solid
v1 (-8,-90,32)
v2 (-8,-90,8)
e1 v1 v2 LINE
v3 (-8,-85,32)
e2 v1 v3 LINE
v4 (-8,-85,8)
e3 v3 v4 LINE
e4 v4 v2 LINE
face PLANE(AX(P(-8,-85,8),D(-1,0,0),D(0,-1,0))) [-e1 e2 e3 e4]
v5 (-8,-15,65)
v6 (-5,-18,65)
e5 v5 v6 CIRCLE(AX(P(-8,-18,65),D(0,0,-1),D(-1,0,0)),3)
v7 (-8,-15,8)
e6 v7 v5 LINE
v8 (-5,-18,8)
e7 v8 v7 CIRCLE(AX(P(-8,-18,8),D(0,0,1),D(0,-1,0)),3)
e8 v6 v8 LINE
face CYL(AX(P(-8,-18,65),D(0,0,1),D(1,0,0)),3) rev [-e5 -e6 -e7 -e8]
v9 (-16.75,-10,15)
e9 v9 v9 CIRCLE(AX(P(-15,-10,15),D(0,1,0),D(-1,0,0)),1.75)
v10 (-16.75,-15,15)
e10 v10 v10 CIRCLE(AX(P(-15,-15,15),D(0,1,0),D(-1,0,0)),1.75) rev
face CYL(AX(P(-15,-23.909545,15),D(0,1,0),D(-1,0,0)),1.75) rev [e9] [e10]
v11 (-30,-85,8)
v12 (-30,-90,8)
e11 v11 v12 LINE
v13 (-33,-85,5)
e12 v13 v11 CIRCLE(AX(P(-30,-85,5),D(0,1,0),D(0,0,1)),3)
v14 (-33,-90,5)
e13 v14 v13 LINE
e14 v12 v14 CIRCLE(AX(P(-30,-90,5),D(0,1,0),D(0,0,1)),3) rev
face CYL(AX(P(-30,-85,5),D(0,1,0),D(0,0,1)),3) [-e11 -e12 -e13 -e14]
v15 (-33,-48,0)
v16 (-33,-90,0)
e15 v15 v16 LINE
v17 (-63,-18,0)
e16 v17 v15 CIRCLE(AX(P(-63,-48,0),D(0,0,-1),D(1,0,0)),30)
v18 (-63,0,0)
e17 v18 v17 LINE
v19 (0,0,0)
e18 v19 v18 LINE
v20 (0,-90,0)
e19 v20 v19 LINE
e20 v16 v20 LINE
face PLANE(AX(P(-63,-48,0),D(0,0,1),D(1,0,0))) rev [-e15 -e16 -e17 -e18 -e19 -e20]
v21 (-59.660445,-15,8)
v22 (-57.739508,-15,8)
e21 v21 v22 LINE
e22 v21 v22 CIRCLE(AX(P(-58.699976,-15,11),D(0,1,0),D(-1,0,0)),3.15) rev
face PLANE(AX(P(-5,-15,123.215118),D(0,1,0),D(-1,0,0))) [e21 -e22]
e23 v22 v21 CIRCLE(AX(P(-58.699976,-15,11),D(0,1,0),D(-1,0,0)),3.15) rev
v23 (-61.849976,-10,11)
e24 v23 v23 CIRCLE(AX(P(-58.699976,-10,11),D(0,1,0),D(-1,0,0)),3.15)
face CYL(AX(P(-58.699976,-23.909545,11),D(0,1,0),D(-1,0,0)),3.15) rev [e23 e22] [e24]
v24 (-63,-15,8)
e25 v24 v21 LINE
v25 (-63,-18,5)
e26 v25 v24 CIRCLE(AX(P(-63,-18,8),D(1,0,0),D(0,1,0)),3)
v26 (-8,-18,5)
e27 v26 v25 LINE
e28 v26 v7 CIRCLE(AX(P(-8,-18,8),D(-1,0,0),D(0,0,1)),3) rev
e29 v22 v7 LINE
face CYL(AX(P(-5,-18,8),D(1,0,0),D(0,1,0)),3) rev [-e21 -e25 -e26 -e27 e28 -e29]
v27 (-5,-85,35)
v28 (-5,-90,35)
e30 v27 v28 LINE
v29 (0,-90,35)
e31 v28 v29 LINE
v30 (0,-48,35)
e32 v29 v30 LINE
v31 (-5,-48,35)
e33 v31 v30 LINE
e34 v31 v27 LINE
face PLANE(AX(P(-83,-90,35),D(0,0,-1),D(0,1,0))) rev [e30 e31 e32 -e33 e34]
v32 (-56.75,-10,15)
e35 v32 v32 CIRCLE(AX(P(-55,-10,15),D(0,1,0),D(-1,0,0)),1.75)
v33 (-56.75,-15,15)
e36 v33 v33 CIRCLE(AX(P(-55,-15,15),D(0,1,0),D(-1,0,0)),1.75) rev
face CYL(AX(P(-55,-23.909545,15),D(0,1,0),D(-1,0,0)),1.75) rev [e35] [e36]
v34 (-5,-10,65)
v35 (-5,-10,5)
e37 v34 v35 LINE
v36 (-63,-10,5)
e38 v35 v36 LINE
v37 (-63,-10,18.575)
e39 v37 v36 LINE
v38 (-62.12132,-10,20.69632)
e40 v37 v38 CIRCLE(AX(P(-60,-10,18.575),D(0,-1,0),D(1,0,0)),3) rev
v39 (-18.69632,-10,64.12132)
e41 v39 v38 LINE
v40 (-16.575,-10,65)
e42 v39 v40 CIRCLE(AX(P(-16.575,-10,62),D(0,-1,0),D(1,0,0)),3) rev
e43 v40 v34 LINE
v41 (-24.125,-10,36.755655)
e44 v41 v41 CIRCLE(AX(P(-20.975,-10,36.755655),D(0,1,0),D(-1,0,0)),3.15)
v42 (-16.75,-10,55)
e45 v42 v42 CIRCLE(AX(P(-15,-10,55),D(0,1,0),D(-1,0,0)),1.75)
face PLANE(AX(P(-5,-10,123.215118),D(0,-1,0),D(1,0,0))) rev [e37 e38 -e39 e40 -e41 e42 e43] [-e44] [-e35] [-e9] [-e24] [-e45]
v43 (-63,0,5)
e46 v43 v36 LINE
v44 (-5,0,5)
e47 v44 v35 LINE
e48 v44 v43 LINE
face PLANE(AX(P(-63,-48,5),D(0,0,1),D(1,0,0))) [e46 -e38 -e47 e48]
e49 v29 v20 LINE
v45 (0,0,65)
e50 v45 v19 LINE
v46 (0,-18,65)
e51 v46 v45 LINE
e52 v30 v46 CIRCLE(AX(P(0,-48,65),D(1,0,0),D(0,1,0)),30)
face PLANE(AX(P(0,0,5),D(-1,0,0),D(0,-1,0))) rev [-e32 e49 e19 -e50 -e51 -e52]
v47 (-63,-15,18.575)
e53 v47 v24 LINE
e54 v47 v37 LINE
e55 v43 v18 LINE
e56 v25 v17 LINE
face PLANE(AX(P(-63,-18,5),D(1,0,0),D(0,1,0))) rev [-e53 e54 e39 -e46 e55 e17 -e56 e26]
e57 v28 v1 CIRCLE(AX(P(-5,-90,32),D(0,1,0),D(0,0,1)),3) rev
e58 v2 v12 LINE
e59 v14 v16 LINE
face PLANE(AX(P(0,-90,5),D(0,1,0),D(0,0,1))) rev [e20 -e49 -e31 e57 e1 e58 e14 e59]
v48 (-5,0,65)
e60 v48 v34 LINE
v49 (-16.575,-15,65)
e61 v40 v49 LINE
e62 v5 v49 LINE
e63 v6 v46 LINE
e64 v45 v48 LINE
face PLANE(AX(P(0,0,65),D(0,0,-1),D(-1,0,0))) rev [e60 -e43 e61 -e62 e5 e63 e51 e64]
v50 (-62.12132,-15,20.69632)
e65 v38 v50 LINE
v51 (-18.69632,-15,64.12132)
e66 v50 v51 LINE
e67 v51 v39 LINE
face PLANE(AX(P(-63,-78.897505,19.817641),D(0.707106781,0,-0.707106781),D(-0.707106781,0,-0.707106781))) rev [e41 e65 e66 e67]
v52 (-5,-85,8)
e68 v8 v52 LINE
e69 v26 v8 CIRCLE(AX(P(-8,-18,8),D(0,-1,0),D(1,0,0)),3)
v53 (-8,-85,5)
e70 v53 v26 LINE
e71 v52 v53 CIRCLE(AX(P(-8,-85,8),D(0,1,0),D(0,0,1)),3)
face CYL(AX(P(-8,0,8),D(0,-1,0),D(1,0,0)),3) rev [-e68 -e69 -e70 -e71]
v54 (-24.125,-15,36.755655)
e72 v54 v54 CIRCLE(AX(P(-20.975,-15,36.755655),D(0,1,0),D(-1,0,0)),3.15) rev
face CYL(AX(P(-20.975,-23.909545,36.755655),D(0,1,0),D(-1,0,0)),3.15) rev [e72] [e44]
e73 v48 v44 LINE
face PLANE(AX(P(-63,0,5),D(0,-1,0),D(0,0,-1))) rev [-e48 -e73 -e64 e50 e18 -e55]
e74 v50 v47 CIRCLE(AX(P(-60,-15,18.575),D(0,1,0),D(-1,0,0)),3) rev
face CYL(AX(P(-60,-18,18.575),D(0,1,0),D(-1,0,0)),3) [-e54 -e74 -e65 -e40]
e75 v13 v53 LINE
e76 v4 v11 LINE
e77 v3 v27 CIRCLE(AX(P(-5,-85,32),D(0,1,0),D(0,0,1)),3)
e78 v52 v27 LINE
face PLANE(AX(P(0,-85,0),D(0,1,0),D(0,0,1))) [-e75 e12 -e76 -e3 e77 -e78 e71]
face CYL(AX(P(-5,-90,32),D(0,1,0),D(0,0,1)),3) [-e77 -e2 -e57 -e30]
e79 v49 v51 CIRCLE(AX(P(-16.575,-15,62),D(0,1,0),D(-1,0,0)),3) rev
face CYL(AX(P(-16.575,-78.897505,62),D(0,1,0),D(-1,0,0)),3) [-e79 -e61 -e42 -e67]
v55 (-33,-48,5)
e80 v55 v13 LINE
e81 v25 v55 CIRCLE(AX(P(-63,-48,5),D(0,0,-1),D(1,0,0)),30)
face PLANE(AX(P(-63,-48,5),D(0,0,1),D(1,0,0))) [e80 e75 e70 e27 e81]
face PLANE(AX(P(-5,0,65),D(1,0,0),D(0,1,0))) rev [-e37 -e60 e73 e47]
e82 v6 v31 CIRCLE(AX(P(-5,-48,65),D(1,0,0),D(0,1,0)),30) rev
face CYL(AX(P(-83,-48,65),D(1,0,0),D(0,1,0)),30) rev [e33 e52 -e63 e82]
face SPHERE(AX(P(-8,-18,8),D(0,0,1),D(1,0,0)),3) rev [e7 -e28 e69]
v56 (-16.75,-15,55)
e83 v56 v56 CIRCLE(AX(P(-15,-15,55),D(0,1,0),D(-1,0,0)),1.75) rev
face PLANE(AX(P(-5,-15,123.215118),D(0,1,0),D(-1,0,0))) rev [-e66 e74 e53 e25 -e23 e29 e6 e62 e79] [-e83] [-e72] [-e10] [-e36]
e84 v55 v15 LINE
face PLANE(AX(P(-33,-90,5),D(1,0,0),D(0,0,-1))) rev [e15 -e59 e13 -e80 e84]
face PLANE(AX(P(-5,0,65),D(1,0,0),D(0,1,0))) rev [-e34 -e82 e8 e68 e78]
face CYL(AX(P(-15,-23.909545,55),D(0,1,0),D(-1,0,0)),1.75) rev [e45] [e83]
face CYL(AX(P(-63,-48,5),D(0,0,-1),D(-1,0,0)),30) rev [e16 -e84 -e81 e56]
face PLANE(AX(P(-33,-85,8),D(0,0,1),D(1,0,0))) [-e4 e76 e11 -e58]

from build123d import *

# Parameters (mm, degrees)
SALIENTE_EXTRUIR1_DEPTH = 5
CROQUIS2_W              = 5
CROQUIS2_H              = 90
SALIENTE_EXTRUIR2_DEPTH = 60
CORTAR_EXTRUIR1_DEPTH   = 5
SALIENTE_EXTRUIR3_DEPTH = 5
REDONDEO1_R             = 3
CROQUIS5_W              = 58
CROQUIS5_H              = 5
SALIENTE_EXTRUIR4_DEPTH = 60
CORTAR_EXTRUIR2_DEPTH   = 5
REDONDEO2_R             = 3
REDONDEO3_R             = 3
CROQUIS7_R              = 1.75
CROQUIS7_R_2            = 3.15
CORTAR_EXTRUIR3_DEPTH   = 5


with BuildPart() as part:
    # Croquis1 → Saliente-Extruir1 (new body)
    with BuildSketch(Plane.XY):
        with BuildLine():
            Line((-63, 0), (0, 0))
            Line((0, 0), (0, -90))
            Line((0, -90), (-33, -90))
            Line((-33, -90), (-33, -48))
            ThreePointArc((-33, -48), (-41.786797, -26.786797), (-63, -18))
            Line((-63, -18), (-63, 0))
        make_face()
    extrude(amount=SALIENTE_EXTRUIR1_DEPTH)

    # Croquis2 → Saliente-Extruir2 (add)
    with BuildSketch(Plane.XY.offset(5)):
        with Locations((-2.5, -45)):
            Rectangle(CROQUIS2_W, CROQUIS2_H)
    extrude(amount=SALIENTE_EXTRUIR2_DEPTH)

    # Croquis3 → Cortar-Extruir1 (cut)
    with BuildSketch(Plane(origin=(0, 0, 0), x_dir=(0, 0, -1), z_dir=(1, 0, 0))):
        with BuildLine():
            Line((-65, -90), (-35, -90))
            Line((-35, -90), (-35, -48))
            ThreePointArc((-35, -48), (-43.786797, -26.786797), (-65, -18))
            Line((-65, -18), (-65, -90))
        make_face()
    extrude(amount=-CORTAR_EXTRUIR1_DEPTH, mode=Mode.SUBTRACT)

    # Croquis4 → Saliente-Extruir3 (add)
    with BuildSketch(Plane.XZ.offset(90)):
        Polygon((-33, 8), (-8, 8), (-8, 35), (-5, 35), (-5, 5), (-33, 5), align=None)
    extrude(amount=-SALIENTE_EXTRUIR3_DEPTH)

    # Redondeo1
    redondeo1_edges = [part.edges().sort_by_distance(p)[0] for p in [
        (-33, -87.5, 8),
        (-8, -87.5, 35),
    ]]
    fillet(redondeo1_edges, radius=REDONDEO1_R)

    # Croquis5 → Saliente-Extruir4 (add)
    with BuildSketch(Plane.XY.offset(5)):
        with Locations((-34, -12.5)):
            Rectangle(CROQUIS5_W, CROQUIS5_H)
    extrude(amount=SALIENTE_EXTRUIR4_DEPTH)

    # Croquis6 → Cortar-Extruir2 (cut)
    with BuildSketch(Plane(origin=(0, -10, 0), x_dir=(1, 0, 0), z_dir=(0, 1, 0))):
        Polygon((-63, -19.817641), (-17.817641, -65), (-63, -65), align=None)
    extrude(amount=-CORTAR_EXTRUIR2_DEPTH, mode=Mode.SUBTRACT)

    # Redondeo2
    redondeo2_edges = [part.edges().sort_by_distance(p)[0] for p in [
        (-63, -12.5, 19.817641),
        (-17.817641, -12.5, 65),
    ]]
    fillet(redondeo2_edges, radius=REDONDEO2_R)

    # Redondeo3
    redondeo3_edges = [part.edges().sort_by_distance(p)[0] for p in [
        (-34, -15, 5),
        (-5, -15, 35),
        (-5, -50, 5),
    ]]
    fillet(redondeo3_edges, radius=REDONDEO3_R)

    # Croquis7 → Cortar-Extruir3 (cut)
    with BuildSketch(Plane(origin=(0, -10, 0), x_dir=(1, 0, 0), z_dir=(0, 1, 0))):
        with Locations((-15, -55)):
            Circle(CROQUIS7_R)
        with Locations((-15, -15)):
            Circle(CROQUIS7_R)
        with Locations((-55, -15)):
            Circle(CROQUIS7_R)
        with Locations((-58.699976, -11)):
            Circle(CROQUIS7_R_2)
        with Locations((-20.975, -36.755655)):
            Circle(CROQUIS7_R_2)
    extrude(amount=-CORTAR_EXTRUIR3_DEPTH, mode=Mode.SUBTRACT)


solid = part.part
